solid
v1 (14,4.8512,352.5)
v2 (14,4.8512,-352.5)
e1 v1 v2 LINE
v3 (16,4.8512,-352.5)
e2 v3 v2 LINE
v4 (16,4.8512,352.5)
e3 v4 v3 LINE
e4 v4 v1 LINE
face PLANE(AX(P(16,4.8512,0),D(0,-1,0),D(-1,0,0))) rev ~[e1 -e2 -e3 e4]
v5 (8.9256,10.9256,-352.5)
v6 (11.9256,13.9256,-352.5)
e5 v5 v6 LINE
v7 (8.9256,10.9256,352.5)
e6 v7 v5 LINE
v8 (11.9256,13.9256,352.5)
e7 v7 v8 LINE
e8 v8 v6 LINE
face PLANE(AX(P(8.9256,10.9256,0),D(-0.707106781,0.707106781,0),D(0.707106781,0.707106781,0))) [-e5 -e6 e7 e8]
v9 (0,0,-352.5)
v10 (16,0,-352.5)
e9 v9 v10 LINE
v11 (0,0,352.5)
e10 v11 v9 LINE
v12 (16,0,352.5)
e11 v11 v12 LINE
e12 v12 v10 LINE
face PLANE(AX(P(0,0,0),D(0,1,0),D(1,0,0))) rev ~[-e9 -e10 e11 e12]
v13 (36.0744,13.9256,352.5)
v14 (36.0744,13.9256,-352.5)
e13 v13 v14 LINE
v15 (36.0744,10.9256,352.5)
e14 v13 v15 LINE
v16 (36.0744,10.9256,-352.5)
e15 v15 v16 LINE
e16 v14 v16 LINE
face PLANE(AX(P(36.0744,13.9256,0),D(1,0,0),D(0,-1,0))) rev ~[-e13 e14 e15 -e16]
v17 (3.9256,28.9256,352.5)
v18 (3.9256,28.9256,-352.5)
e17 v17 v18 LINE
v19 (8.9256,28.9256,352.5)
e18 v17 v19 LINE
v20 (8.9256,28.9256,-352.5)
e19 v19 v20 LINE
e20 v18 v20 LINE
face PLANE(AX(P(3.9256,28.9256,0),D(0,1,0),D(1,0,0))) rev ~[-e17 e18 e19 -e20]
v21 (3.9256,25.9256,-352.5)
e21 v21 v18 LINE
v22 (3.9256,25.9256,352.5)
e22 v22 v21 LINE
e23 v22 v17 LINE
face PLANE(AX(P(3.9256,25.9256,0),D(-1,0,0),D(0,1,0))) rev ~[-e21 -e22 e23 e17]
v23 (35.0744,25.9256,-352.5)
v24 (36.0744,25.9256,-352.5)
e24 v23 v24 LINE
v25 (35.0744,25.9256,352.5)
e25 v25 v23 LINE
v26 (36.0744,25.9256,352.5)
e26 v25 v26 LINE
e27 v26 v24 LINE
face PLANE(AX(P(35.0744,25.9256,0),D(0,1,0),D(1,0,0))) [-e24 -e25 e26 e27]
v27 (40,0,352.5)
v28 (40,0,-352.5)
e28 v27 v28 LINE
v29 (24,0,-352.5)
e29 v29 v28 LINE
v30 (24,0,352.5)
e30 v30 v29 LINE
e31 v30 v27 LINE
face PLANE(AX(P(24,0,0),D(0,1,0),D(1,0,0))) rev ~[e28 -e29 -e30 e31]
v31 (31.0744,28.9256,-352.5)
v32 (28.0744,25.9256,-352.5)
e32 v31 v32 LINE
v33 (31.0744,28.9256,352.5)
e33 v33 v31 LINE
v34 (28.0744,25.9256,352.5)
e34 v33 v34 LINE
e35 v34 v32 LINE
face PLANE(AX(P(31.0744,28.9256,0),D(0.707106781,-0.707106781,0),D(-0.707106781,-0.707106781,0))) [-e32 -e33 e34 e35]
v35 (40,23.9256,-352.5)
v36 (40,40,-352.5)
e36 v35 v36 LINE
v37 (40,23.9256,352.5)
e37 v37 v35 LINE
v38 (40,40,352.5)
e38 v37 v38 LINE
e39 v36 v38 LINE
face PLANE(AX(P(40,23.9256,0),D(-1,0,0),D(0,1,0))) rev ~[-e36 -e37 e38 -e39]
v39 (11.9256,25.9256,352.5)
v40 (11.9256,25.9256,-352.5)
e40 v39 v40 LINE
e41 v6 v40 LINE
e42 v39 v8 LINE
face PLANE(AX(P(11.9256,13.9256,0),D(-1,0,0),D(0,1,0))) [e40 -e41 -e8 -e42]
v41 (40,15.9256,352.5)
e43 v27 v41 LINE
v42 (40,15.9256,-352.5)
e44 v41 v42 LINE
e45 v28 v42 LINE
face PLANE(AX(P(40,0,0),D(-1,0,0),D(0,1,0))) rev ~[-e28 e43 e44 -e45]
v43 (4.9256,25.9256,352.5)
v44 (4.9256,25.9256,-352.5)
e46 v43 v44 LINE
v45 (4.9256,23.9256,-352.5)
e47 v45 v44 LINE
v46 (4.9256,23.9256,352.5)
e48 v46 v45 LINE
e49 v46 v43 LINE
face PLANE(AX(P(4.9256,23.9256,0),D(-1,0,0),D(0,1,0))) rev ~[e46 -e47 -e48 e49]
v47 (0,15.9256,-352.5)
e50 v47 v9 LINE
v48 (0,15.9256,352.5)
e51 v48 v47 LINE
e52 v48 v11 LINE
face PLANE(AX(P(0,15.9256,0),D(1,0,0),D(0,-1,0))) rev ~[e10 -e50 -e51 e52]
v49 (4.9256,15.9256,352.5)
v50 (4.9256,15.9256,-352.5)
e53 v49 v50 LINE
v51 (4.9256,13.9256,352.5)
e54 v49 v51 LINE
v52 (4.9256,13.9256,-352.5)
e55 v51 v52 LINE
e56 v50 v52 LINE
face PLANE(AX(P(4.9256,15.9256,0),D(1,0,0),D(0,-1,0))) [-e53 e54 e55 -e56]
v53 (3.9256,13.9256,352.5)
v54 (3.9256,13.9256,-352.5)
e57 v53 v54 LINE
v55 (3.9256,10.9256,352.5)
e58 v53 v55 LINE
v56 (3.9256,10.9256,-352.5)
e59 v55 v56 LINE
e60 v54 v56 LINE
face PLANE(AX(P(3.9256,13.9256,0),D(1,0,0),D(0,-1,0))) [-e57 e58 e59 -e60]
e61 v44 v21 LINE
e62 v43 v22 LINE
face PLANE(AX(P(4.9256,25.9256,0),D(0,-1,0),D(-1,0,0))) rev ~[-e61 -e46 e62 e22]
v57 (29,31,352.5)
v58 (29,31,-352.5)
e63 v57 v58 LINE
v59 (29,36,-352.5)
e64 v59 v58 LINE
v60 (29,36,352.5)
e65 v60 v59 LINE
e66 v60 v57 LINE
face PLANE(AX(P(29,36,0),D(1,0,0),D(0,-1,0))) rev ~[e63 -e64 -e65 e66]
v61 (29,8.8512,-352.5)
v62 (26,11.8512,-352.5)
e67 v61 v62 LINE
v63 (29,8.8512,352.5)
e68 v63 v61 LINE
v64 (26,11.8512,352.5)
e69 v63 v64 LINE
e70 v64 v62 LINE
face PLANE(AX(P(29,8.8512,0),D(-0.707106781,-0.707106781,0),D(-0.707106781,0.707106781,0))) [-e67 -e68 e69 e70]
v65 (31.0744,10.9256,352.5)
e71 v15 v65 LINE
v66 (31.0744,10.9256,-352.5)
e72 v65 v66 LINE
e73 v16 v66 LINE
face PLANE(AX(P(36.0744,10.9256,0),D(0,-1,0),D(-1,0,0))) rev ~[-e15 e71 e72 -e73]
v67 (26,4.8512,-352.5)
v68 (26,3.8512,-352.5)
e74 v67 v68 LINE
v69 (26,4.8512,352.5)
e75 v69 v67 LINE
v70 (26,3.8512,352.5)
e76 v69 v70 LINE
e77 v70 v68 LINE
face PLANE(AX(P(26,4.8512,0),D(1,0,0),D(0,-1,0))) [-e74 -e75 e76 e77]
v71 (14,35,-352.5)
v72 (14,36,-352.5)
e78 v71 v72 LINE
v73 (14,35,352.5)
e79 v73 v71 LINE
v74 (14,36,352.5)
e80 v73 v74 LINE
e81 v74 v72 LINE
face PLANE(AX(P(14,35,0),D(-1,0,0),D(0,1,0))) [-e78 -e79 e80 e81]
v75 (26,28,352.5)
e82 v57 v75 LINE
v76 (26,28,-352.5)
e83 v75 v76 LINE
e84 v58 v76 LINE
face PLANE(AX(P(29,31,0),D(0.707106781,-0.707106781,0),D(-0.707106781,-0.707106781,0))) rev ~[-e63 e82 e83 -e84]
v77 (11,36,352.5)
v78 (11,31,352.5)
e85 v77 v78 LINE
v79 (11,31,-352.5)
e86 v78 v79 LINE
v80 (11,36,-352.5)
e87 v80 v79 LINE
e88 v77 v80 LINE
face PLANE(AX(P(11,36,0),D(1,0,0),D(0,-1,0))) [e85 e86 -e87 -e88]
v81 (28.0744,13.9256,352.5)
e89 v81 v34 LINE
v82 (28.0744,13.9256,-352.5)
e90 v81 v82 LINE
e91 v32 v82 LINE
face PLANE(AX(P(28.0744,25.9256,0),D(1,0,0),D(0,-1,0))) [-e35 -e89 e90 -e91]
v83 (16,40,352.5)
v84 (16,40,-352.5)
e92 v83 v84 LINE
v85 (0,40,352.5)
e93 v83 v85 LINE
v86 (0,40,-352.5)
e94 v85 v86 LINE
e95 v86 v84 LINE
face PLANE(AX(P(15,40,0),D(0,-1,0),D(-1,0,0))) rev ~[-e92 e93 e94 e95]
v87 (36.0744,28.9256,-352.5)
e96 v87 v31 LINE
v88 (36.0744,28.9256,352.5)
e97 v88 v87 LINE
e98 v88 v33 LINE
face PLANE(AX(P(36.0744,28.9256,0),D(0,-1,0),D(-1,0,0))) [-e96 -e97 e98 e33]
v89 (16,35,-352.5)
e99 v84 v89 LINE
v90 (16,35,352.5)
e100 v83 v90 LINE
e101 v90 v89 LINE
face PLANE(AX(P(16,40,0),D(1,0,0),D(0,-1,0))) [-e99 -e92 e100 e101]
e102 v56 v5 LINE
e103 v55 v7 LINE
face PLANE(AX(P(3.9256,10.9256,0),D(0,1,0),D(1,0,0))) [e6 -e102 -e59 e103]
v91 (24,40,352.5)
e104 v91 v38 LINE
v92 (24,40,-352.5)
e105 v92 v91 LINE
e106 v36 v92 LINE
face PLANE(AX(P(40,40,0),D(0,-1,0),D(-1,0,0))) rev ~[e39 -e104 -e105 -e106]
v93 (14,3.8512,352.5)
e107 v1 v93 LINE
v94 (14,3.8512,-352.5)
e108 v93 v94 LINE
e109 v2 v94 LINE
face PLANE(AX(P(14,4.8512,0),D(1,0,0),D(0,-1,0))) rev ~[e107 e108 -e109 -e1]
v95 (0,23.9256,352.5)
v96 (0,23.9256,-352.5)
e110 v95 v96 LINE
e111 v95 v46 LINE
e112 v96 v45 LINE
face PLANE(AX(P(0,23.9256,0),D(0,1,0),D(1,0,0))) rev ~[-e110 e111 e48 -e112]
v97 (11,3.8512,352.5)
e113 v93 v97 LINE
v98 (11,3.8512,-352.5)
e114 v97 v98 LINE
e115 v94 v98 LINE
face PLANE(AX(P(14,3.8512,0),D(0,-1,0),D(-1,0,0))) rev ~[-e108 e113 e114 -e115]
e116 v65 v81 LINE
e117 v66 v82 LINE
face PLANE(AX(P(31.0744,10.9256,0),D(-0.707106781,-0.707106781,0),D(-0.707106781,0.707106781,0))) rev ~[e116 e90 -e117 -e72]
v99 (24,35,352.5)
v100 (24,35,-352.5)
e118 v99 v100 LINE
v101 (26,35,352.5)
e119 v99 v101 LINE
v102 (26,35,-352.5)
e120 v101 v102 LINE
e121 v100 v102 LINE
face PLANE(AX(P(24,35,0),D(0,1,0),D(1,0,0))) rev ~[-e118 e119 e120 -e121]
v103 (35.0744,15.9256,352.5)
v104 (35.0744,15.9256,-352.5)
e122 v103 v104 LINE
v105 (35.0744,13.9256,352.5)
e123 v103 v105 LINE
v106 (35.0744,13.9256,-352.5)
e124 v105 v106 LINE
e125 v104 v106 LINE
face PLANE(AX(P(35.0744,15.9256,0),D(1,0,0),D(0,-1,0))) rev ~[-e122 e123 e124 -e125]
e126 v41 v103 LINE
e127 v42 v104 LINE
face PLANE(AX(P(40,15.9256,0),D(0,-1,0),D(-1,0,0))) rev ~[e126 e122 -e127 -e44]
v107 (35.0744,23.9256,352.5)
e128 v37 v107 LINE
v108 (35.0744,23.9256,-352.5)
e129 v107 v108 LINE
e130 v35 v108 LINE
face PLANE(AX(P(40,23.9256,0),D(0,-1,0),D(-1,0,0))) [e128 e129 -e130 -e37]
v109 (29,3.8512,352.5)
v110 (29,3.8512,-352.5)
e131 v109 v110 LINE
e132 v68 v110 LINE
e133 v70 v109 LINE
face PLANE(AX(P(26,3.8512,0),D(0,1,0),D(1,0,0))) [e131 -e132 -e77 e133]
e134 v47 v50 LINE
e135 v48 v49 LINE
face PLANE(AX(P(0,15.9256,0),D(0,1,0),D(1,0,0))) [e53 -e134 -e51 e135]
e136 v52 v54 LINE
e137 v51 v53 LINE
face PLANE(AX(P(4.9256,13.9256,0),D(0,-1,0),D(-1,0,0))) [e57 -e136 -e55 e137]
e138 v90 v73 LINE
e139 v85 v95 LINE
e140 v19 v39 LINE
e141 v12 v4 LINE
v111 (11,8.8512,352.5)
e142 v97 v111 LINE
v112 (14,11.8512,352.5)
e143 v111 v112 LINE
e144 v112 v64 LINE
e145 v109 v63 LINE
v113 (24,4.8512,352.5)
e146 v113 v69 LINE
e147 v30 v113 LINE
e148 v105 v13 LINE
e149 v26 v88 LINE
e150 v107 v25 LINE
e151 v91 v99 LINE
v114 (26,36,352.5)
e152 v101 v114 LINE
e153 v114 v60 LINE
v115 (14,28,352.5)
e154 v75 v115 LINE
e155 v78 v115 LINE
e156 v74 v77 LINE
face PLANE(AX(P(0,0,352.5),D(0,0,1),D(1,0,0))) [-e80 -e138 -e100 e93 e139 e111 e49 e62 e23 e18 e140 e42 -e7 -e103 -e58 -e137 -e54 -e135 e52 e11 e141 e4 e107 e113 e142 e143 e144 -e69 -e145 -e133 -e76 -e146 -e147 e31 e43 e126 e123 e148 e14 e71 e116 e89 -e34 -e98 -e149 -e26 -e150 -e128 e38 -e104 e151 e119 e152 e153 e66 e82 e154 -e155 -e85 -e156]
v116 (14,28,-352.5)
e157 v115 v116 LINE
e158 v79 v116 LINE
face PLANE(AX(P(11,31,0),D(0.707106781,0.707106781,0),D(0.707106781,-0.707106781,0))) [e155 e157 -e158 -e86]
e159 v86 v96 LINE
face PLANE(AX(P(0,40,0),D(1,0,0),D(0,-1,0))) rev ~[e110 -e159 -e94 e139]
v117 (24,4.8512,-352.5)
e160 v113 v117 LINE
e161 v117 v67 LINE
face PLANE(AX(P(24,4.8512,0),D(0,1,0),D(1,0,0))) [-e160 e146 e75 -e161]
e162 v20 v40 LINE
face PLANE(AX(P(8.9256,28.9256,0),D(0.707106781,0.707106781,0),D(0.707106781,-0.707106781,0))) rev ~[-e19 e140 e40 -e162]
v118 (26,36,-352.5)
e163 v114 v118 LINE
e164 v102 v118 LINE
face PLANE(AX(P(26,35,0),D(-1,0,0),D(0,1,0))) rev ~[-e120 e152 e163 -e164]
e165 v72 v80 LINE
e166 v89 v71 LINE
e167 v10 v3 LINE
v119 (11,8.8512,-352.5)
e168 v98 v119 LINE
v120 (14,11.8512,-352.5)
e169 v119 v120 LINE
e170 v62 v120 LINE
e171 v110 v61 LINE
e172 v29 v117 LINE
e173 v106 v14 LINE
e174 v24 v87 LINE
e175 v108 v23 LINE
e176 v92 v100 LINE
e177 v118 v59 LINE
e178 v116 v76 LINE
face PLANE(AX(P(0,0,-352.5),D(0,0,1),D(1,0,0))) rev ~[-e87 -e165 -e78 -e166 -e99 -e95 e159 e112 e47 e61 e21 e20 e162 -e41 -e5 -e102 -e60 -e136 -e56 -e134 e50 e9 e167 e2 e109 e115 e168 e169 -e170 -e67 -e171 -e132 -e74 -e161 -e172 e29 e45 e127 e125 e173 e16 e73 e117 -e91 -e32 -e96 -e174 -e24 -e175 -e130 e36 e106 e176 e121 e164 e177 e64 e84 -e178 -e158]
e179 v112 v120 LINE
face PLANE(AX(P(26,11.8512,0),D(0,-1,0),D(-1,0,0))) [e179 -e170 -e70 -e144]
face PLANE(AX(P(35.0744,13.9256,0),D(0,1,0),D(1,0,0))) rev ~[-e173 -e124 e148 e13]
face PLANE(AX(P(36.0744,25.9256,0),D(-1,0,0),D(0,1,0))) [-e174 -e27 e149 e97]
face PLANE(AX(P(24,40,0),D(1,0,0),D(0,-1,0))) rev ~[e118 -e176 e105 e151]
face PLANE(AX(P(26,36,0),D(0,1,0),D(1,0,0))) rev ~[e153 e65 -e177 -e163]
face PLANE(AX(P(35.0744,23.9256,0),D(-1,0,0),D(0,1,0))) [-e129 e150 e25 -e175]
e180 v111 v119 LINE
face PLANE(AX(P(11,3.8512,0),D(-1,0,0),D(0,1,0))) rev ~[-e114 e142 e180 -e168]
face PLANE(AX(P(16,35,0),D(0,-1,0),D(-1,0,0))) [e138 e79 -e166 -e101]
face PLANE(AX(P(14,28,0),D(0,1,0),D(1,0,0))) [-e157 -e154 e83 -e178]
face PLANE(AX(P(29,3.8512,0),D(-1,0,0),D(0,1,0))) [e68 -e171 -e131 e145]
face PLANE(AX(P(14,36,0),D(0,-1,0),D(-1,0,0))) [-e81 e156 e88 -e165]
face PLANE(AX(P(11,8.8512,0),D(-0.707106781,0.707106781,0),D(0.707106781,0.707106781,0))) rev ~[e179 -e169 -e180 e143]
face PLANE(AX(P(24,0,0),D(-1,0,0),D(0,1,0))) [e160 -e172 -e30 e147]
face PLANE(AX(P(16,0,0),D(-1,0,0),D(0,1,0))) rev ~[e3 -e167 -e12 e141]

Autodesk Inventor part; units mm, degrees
ref_plane "YZ Plane" through (0, 0, 0) normal (1, 0, 0) x (0, 1, 0)
ref_plane "XZ Plane" through (0, 0, 0) normal (0, 1, 0) x (-1, 0, 0)
ref_plane "XY Plane" through (0, 0, 0) normal (0, 0, 1) x (1, 0, 0)
sketch "스케치1" plane through (0, 0, 0) normal (0, 0, 1) x (1, 0, 0)
  line L0 (40, 40) -> (25, 40)
  line L1 (15, 40) -> (0, 40)
  line L2 (16, 40) -> (16, 35)
  line L3 (16, 35) -> (14, 35)
  line L4 (14, 35) -> (14, 36)
  line L5 (14, 36) -> (11, 36)
  line L6 (11, 36) -> (11, 31)
  line L7 (11, 31) -> (14, 28)
  line L8 (11, 31) -> (20.81, 31) construction
  line L9 (14, 28) -> (20, 28)
  line L10 (24, 40) -> (24, 35)
  line L11 (24, 35) -> (26, 35)
  line L12 (26, 35) -> (26, 36)
  line L13 (26, 36) -> (29, 36)
  line L14 (29, 36) -> (29, 31)
  line L15 (29, 31) -> (26, 28)
  line L16 (29, 31) -> (19.19, 31) construction
  line L17 (26, 28) -> (20, 28)
  line L18 (-0.0744, 15.9256) -> (4.9256, 15.9256)
  line L19 (-0.0744, 23.9256) -> (4.9256, 23.9256)
  line L20 (4.9256, 23.9256) -> (4.9256, 25.9256)
  line L21 (11.9256, 25.9256) -> (11.9256, 19.9256)
  line L22 (8.9256, 28.9256) -> (8.9256, 19.1155) construction
  line L23 (8.9256, 28.9256) -> (11.9256, 25.9256)
  line L24 (3.9256, 28.9256) -> (8.9256, 28.9256)
  line L25 (3.9256, 25.9256) -> (3.9256, 28.9256)
  line L26 (4.9256, 25.9256) -> (3.9256, 25.9256)
  line L27 (4.9256, 15.9256) -> (4.9256, 13.9256)
  line L28 (11.9256, 13.9256) -> (11.9256, 19.9256)
  line L29 (4.9256, 13.9256) -> (3.9256, 13.9256)
  line L30 (8.9256, 10.9256) -> (11.9256, 13.9256)
  line L31 (8.9256, 10.9256) -> (8.9256, 20.7356) construction
  line L32 (3.9256, 13.9256) -> (3.9256, 10.9256)
  line L33 (3.9256, 10.9256) -> (8.9256, 10.9256)
  line L34 (24, -0.1488) -> (24, 4.8512)
  line L35 (16, -0.1488) -> (16, 4.8512)
  line L36 (16, 4.8512) -> (14, 4.8512)
  line L37 (14, 11.8512) -> (20, 11.8512)
  line L38 (11, 8.8512) -> (20.81, 8.8512) construction
  line L39 (11, 8.8512) -> (14, 11.8512)
  line L40 (11, 3.8512) -> (11, 8.8512)
  line L41 (14, 3.8512) -> (11, 3.8512)
  line L42 (14, 4.8512) -> (14, 3.8512)
  line L43 (24, 4.8512) -> (26, 4.8512)
  line L44 (26, 11.8512) -> (20, 11.8512)
  line L45 (26, 4.8512) -> (26, 3.8512)
  line L46 (29, 8.8512) -> (26, 11.8512)
  line L47 (29, 8.8512) -> (19.19, 8.8512) construction
  line L48 (26, 3.8512) -> (29, 3.8512)
  line L49 (29, 3.8512) -> (29, 8.8512)
  line L50 (40.0744, 23.9256) -> (35.0744, 23.9256)
  line L51 (40.0744, 15.9256) -> (35.0744, 15.9256)
  line L52 (35.0744, 15.9256) -> (35.0744, 13.9256)
  line L53 (28.0744, 13.9256) -> (28.0744, 19.9256)
  line L54 (31.0744, 10.9256) -> (31.0744, 20.7356) construction
  line L55 (31.0744, 10.9256) -> (28.0744, 13.9256)
  line L56 (36.0744, 10.9256) -> (31.0744, 10.9256)
  line L57 (36.0744, 13.9256) -> (36.0744, 10.9256)
  line L58 (35.0744, 13.9256) -> (36.0744, 13.9256)
  line L59 (35.0744, 23.9256) -> (35.0744, 25.9256)
  line L60 (28.0744, 25.9256) -> (28.0744, 19.9256)
  line L61 (35.0744, 25.9256) -> (36.0744, 25.9256)
  line L62 (31.0744, 28.9256) -> (28.0744, 25.9256)
  line L63 (31.0744, 28.9256) -> (31.0744, 19.1155) construction
  line L64 (36.0744, 25.9256) -> (36.0744, 28.9256)
  line L65 (36.0744, 28.9256) -> (31.0744, 28.9256)
  line L66 (11, 20) -> (11.9256, 20)
  line L67 (28.0744, 20) -> (29, 20)
  line L68 (20, 3.8512) -> (20, 4.8512)
  line L69 (20, 35) -> (20, 36)
  line L70 (15, 40) -> (16, 40)
  line L71 (24, 40) -> (25, 40)
  line L72 (0, 40) -> (0, 23.9256)
  line L73 (0, 15.9256) -> (0, 0)
  line L74 (40, 0) -> (40, 15.9256)
  line L75 (40, 23.9256) -> (40, 40)
  line L76 (0, 0) -> (16, 0)
  line L77 (24, 0) -> (40, 0)
  point P0 (25, 38)
  point P1 (20, 19.9256)
  point P2 (15, 35)
  point P3 (25, 35)
  point P4 (4.9256, 24.9256)
  point P5 (4.9256, 14.9256)
  point P6 (15, 4.8512)
  point P7 (25, 4.8512)
  point P8 (35.0744, 14.9256)
  point P9 (35.0744, 24.9256)
  dimension "d0" = 40
  dimension "d1" = 40
  dimension "d14" = 2
  dimension "d15" = 5
  dimension "d16" = 1
  dimension "d17" = 3
  dimension "d18" = 5
  dimension "d19" = 45
  dimension "d21" = 7
  dimension "d24" = 360
extrude "돌출1" add sketch "스케치1" along normal mid plane 705
properties part number "70.5" material "철, 회색"
